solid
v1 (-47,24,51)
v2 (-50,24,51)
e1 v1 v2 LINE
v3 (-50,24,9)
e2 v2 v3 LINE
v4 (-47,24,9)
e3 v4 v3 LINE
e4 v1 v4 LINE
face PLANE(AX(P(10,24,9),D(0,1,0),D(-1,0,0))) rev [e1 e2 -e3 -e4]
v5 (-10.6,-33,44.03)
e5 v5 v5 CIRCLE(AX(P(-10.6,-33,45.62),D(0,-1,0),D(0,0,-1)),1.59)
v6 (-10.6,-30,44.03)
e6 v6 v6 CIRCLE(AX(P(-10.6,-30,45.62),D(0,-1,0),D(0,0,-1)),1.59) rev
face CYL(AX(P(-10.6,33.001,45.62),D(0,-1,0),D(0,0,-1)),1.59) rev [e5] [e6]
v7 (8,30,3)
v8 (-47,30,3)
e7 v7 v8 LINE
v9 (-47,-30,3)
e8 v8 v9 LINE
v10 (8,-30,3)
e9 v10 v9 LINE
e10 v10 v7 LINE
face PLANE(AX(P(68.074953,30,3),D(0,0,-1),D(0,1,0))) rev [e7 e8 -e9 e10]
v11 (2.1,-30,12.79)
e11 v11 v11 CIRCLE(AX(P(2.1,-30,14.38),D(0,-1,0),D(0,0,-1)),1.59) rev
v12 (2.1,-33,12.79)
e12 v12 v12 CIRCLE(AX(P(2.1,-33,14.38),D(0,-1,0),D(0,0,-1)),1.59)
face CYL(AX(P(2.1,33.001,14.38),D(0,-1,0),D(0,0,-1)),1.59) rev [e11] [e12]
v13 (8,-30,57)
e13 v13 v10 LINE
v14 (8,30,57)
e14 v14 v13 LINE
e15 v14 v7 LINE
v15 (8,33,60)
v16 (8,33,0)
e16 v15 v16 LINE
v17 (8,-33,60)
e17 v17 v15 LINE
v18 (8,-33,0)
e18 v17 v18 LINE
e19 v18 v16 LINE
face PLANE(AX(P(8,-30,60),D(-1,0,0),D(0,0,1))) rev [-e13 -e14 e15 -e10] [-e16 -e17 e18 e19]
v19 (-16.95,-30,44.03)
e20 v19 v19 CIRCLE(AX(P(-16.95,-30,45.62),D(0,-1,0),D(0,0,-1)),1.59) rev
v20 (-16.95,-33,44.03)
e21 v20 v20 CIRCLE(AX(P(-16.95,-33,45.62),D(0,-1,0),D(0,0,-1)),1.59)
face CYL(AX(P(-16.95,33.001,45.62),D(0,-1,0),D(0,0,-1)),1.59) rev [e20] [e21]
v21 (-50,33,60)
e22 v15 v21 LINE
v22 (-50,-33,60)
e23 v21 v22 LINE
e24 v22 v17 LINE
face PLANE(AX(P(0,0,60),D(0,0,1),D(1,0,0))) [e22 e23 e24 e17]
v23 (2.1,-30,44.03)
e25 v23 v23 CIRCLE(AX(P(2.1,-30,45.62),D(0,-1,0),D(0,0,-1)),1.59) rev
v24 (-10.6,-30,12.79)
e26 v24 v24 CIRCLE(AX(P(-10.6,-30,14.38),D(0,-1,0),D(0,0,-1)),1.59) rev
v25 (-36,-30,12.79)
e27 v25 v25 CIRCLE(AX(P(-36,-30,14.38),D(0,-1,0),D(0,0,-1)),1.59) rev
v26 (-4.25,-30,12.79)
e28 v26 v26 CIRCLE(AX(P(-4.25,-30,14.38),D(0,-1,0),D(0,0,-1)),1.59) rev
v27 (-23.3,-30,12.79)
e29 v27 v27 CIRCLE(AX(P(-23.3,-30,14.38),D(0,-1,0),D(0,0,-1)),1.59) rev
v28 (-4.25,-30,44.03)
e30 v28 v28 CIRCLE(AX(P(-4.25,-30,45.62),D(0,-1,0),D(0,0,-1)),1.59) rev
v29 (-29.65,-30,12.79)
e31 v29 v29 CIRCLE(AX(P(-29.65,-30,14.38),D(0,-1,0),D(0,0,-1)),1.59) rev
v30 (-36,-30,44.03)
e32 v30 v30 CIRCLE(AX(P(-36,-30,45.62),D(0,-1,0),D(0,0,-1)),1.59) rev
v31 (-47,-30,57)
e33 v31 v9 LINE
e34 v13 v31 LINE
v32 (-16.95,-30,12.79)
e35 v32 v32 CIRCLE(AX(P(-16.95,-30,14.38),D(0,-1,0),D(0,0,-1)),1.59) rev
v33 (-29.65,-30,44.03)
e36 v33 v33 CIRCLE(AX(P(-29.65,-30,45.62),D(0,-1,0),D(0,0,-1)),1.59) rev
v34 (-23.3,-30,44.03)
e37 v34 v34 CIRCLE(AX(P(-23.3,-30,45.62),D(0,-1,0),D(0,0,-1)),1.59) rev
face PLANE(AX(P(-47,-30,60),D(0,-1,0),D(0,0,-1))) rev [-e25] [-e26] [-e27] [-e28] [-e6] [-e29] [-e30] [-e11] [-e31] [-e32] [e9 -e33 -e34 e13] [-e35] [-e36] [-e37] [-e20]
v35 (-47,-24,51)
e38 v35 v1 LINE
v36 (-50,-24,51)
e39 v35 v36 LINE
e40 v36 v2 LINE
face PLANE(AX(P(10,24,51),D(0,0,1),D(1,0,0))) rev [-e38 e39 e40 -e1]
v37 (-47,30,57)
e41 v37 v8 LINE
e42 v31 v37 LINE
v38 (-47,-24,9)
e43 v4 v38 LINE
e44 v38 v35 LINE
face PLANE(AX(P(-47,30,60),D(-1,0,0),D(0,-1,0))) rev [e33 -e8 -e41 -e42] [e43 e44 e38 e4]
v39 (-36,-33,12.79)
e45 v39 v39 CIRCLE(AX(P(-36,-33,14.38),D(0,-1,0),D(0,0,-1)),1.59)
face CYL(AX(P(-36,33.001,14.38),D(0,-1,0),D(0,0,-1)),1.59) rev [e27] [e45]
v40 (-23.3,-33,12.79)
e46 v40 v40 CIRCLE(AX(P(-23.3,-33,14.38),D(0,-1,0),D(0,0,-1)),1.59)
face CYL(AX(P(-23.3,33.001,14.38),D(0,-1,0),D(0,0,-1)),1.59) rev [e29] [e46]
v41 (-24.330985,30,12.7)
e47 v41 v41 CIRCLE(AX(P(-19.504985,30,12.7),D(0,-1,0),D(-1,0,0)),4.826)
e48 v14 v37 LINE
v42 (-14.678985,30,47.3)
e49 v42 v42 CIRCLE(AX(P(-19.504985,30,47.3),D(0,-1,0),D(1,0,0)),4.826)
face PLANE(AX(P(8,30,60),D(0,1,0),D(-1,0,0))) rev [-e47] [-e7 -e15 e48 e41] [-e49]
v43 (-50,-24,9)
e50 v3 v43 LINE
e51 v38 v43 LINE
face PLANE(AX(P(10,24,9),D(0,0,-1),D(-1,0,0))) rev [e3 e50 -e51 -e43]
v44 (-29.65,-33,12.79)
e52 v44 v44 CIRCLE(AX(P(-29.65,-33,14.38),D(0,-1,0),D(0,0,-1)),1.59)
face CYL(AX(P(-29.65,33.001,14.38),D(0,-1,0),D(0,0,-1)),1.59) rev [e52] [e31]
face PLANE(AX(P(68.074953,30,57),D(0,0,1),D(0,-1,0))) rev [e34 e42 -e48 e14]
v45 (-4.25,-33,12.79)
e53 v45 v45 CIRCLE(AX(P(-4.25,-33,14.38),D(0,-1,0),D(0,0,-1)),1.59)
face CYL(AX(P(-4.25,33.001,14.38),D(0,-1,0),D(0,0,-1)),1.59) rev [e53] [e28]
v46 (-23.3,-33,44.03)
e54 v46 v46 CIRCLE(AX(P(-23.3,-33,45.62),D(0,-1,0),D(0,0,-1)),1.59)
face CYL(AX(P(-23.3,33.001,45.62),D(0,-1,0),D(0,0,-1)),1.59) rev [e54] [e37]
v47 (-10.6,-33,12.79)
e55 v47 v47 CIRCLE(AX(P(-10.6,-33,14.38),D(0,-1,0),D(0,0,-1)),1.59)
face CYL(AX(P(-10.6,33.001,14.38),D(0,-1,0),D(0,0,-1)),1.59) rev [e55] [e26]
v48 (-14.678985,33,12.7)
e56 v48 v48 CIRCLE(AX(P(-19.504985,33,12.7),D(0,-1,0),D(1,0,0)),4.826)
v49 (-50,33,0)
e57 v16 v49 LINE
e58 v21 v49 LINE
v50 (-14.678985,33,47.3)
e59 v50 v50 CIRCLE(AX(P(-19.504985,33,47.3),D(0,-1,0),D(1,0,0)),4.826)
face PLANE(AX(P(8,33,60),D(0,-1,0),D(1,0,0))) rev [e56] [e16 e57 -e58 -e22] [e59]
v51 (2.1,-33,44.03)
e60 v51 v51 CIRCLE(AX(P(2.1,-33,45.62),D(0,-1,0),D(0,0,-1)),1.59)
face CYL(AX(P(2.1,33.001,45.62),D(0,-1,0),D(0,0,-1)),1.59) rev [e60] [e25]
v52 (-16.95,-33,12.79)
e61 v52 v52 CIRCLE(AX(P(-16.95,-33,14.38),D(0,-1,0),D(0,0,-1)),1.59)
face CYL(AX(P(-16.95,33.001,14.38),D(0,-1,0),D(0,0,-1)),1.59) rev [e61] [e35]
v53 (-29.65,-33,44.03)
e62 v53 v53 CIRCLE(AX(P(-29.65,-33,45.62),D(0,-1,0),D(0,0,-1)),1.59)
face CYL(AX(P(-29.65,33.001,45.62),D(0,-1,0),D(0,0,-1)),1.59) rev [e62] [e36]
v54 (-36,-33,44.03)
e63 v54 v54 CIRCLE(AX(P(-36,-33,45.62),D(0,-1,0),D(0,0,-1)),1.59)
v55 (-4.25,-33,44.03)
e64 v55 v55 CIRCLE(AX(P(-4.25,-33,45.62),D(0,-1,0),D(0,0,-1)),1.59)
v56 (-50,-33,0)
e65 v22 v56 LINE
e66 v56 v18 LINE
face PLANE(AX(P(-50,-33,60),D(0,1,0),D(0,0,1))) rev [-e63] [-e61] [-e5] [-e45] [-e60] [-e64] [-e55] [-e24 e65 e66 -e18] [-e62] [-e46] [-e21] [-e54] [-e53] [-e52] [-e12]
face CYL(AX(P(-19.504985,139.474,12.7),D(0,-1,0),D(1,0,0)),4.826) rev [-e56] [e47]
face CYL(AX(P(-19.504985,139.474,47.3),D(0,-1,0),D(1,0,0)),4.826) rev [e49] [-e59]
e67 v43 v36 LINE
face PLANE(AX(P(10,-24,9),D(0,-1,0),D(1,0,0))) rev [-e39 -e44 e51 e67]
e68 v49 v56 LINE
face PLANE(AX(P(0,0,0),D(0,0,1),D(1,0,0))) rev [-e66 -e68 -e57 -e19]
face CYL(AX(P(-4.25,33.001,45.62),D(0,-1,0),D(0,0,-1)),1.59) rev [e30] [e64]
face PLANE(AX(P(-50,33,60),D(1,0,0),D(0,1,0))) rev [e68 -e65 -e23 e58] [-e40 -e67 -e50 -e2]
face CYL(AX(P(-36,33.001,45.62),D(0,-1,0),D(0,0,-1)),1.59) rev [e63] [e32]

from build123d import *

# Parameters (mm, degrees)
BOSS_EXTRUDE1_DEPTH = 60
CUT_EXTRUDE1_REACH  = 104.255
SKETCH2_R           = 1.59
SKETCH3_W           = 42
SKETCH3_H           = 48
CUT_EXTRUDE2_DEPTH  = 60
SKETCH6_W           = 3
SKETCH6_H           = 60
BOSS_EXTRUDE2_DEPTH = 55
SKETCH4_R           = 4.826
CUT_EXTRUDE3_DEPTH  = 109.474


with BuildPart() as part:
    # Sketch1 → Boss-Extrude1 (new body)
    with BuildSketch(Plane.XY):
        Polygon((8, 30), (-47, 30), (-47, -30), (8, -30), (8, -33), (-50, -33), (-50, 33), (8, 33), align=None)
    extrude(amount=BOSS_EXTRUDE1_DEPTH)

    # Sketch2 → Cut-Extrude1 (cut, up to next)
    with BuildSketch(Plane.XZ.offset(33), mode=Mode.PRIVATE) as cut_extrude1_sk1:
        with Locations(Location((-36, 45.62, 0), (0, 0, 270))):
            Circle(SKETCH2_R)
    cut_extrude1_tool1 = extrude(cut_extrude1_sk1.sketch, amount=-CUT_EXTRUDE1_REACH, mode=Mode.PRIVATE) & part.part
    # Sketch2 → Cut-Extrude1 (cut, up to next)
    with BuildSketch(Plane.XZ.offset(33), mode=Mode.PRIVATE) as cut_extrude1_sk2:
        with Locations(Location((-29.65, 45.62, 0), (0, 0, 270))):
            Circle(SKETCH2_R)
    cut_extrude1_tool2 = extrude(cut_extrude1_sk2.sketch, amount=-CUT_EXTRUDE1_REACH, mode=Mode.PRIVATE) & part.part
    # Sketch2 → Cut-Extrude1 (cut, up to next)
    with BuildSketch(Plane.XZ.offset(33), mode=Mode.PRIVATE) as cut_extrude1_sk3:
        with Locations(Location((-23.3, 45.62, 0), (0, 0, 270))):
            Circle(SKETCH2_R)
    cut_extrude1_tool3 = extrude(cut_extrude1_sk3.sketch, amount=-CUT_EXTRUDE1_REACH, mode=Mode.PRIVATE) & part.part
    # Sketch2 → Cut-Extrude1 (cut, up to next)
    with BuildSketch(Plane.XZ.offset(33), mode=Mode.PRIVATE) as cut_extrude1_sk4:
        with Locations(Location((-16.95, 45.62, 0), (0, 0, 270))):
            Circle(SKETCH2_R)
    cut_extrude1_tool4 = extrude(cut_extrude1_sk4.sketch, amount=-CUT_EXTRUDE1_REACH, mode=Mode.PRIVATE) & part.part
    # Sketch2 → Cut-Extrude1 (cut, up to next)
    with BuildSketch(Plane.XZ.offset(33), mode=Mode.PRIVATE) as cut_extrude1_sk5:
        with Locations(Location((-10.6, 45.62, 0), (0, 0, 270))):
            Circle(SKETCH2_R)
    cut_extrude1_tool5 = extrude(cut_extrude1_sk5.sketch, amount=-CUT_EXTRUDE1_REACH, mode=Mode.PRIVATE) & part.part
    # Sketch2 → Cut-Extrude1 (cut, up to next)
    with BuildSketch(Plane.XZ.offset(33), mode=Mode.PRIVATE) as cut_extrude1_sk6:
        with Locations(Location((-4.25, 45.62, 0), (0, 0, 270))):
            Circle(SKETCH2_R)
    cut_extrude1_tool6 = extrude(cut_extrude1_sk6.sketch, amount=-CUT_EXTRUDE1_REACH, mode=Mode.PRIVATE) & part.part
    # Sketch2 → Cut-Extrude1 (cut, up to next)
    with BuildSketch(Plane.XZ.offset(33), mode=Mode.PRIVATE) as cut_extrude1_sk7:
        with Locations(Location((2.1, 45.62, 0), (0, 0, 270))):
            Circle(SKETCH2_R)
    cut_extrude1_tool7 = extrude(cut_extrude1_sk7.sketch, amount=-CUT_EXTRUDE1_REACH, mode=Mode.PRIVATE) & part.part
    # Sketch2 → Cut-Extrude1 (cut, up to next)
    with BuildSketch(Plane.XZ.offset(33), mode=Mode.PRIVATE) as cut_extrude1_sk8:
        with Locations(Location((-29.65, 14.38, 0), (0, 0, 270))):
            Circle(SKETCH2_R)
    cut_extrude1_tool8 = extrude(cut_extrude1_sk8.sketch, amount=-CUT_EXTRUDE1_REACH, mode=Mode.PRIVATE) & part.part
    # Sketch2 → Cut-Extrude1 (cut, up to next)
    with BuildSketch(Plane.XZ.offset(33), mode=Mode.PRIVATE) as cut_extrude1_sk9:
        with Locations(Location((-23.3, 14.38, 0), (0, 0, 270))):
            Circle(SKETCH2_R)
    cut_extrude1_tool9 = extrude(cut_extrude1_sk9.sketch, amount=-CUT_EXTRUDE1_REACH, mode=Mode.PRIVATE) & part.part
    # Sketch2 → Cut-Extrude1 (cut, up to next)
    with BuildSketch(Plane.XZ.offset(33), mode=Mode.PRIVATE) as cut_extrude1_sk10:
        with Locations(Location((-16.95, 14.38, 0), (0, 0, 270))):
            Circle(SKETCH2_R)
    cut_extrude1_tool10 = extrude(cut_extrude1_sk10.sketch, amount=-CUT_EXTRUDE1_REACH, mode=Mode.PRIVATE) & part.part
    # Sketch2 → Cut-Extrude1 (cut, up to next)
    with BuildSketch(Plane.XZ.offset(33), mode=Mode.PRIVATE) as cut_extrude1_sk11:
        with Locations(Location((-10.6, 14.38, 0), (0, 0, 270))):
            Circle(SKETCH2_R)
    cut_extrude1_tool11 = extrude(cut_extrude1_sk11.sketch, amount=-CUT_EXTRUDE1_REACH, mode=Mode.PRIVATE) & part.part
    # Sketch2 → Cut-Extrude1 (cut, up to next)
    with BuildSketch(Plane.XZ.offset(33), mode=Mode.PRIVATE) as cut_extrude1_sk12:
        with Locations(Location((-4.25, 14.38, 0), (0, 0, 270))):
            Circle(SKETCH2_R)
    cut_extrude1_tool12 = extrude(cut_extrude1_sk12.sketch, amount=-CUT_EXTRUDE1_REACH, mode=Mode.PRIVATE) & part.part
    # Sketch2 → Cut-Extrude1 (cut, up to next)
    with BuildSketch(Plane.XZ.offset(33), mode=Mode.PRIVATE) as cut_extrude1_sk13:
        with Locations(Location((2.1, 14.38, 0), (0, 0, 270))):
            Circle(SKETCH2_R)
    cut_extrude1_tool13 = extrude(cut_extrude1_sk13.sketch, amount=-CUT_EXTRUDE1_REACH, mode=Mode.PRIVATE) & part.part
    # Sketch2 → Cut-Extrude1 (cut, up to next)
    with BuildSketch(Plane.XZ.offset(33), mode=Mode.PRIVATE) as cut_extrude1_sk14:
        with Locations(Location((-36, 14.38, 0), (0, 0, 270))):
            Circle(SKETCH2_R)
    cut_extrude1_tool14 = extrude(cut_extrude1_sk14.sketch, amount=-CUT_EXTRUDE1_REACH, mode=Mode.PRIVATE) & part.part
    add(cut_extrude1_tool1.solids().sort_by_distance((-36, -33, 45.62))[0], mode=Mode.SUBTRACT)
    add(cut_extrude1_tool2.solids().sort_by_distance((-29.65, -33, 45.62))[0], mode=Mode.SUBTRACT)
    add(cut_extrude1_tool3.solids().sort_by_distance((-23.3, -33, 45.62))[0], mode=Mode.SUBTRACT)
    add(cut_extrude1_tool4.solids().sort_by_distance((-16.95, -33, 45.62))[0], mode=Mode.SUBTRACT)
    add(cut_extrude1_tool5.solids().sort_by_distance((-10.6, -33, 45.62))[0], mode=Mode.SUBTRACT)
    add(cut_extrude1_tool6.solids().sort_by_distance((-4.25, -33, 45.62))[0], mode=Mode.SUBTRACT)
    add(cut_extrude1_tool7.solids().sort_by_distance((2.1, -33, 45.62))[0], mode=Mode.SUBTRACT)
    add(cut_extrude1_tool8.solids().sort_by_distance((-29.65, -33, 14.38))[0], mode=Mode.SUBTRACT)
    add(cut_extrude1_tool9.solids().sort_by_distance((-23.3, -33, 14.38))[0], mode=Mode.SUBTRACT)
    add(cut_extrude1_tool10.solids().sort_by_distance((-16.95, -33, 14.38))[0], mode=Mode.SUBTRACT)
    add(cut_extrude1_tool11.solids().sort_by_distance((-10.6, -33, 14.38))[0], mode=Mode.SUBTRACT)
    add(cut_extrude1_tool12.solids().sort_by_distance((-4.25, -33, 14.38))[0], mode=Mode.SUBTRACT)
    add(cut_extrude1_tool13.solids().sort_by_distance((2.1, -33, 14.38))[0], mode=Mode.SUBTRACT)
    add(cut_extrude1_tool14.solids().sort_by_distance((-36, -33, 14.38))[0], mode=Mode.SUBTRACT)

    # Sketch3 → Cut-Extrude2 (cut)
    with BuildSketch(Plane.ZY.offset(50)):
        with Locations((30, 0)):
            Rectangle(SKETCH3_W, SKETCH3_H)
    extrude(amount=-CUT_EXTRUDE2_DEPTH, mode=Mode.SUBTRACT)

    # Sketch6 → Boss-Extrude2 (add)
    with BuildSketch(Plane(origin=(-47, 0, 0), x_dir=(0, 0, -1), z_dir=(1, 0, 0))):
        with Locations((-58.5, 0)):
            Rectangle(SKETCH6_W, SKETCH6_H)
        with Locations((-1.5, 0)):
            Rectangle(SKETCH6_W, SKETCH6_H)
    extrude(amount=BOSS_EXTRUDE2_DEPTH)

    # Sketch4 → Cut-Extrude3 (cut)
    with BuildSketch(Plane(origin=(-21.609229067, 30, -179.024422281), x_dir=(1, 0, 0), z_dir=(0, -1, 0))):
        with Locations((2.104243746, 226.324422281)):
            Circle(SKETCH4_R)
        with Locations((2.104243746, 191.724422281)):
            Circle(SKETCH4_R)
    extrude(amount=-CUT_EXTRUDE3_DEPTH, mode=Mode.SUBTRACT)


solid = part.part
